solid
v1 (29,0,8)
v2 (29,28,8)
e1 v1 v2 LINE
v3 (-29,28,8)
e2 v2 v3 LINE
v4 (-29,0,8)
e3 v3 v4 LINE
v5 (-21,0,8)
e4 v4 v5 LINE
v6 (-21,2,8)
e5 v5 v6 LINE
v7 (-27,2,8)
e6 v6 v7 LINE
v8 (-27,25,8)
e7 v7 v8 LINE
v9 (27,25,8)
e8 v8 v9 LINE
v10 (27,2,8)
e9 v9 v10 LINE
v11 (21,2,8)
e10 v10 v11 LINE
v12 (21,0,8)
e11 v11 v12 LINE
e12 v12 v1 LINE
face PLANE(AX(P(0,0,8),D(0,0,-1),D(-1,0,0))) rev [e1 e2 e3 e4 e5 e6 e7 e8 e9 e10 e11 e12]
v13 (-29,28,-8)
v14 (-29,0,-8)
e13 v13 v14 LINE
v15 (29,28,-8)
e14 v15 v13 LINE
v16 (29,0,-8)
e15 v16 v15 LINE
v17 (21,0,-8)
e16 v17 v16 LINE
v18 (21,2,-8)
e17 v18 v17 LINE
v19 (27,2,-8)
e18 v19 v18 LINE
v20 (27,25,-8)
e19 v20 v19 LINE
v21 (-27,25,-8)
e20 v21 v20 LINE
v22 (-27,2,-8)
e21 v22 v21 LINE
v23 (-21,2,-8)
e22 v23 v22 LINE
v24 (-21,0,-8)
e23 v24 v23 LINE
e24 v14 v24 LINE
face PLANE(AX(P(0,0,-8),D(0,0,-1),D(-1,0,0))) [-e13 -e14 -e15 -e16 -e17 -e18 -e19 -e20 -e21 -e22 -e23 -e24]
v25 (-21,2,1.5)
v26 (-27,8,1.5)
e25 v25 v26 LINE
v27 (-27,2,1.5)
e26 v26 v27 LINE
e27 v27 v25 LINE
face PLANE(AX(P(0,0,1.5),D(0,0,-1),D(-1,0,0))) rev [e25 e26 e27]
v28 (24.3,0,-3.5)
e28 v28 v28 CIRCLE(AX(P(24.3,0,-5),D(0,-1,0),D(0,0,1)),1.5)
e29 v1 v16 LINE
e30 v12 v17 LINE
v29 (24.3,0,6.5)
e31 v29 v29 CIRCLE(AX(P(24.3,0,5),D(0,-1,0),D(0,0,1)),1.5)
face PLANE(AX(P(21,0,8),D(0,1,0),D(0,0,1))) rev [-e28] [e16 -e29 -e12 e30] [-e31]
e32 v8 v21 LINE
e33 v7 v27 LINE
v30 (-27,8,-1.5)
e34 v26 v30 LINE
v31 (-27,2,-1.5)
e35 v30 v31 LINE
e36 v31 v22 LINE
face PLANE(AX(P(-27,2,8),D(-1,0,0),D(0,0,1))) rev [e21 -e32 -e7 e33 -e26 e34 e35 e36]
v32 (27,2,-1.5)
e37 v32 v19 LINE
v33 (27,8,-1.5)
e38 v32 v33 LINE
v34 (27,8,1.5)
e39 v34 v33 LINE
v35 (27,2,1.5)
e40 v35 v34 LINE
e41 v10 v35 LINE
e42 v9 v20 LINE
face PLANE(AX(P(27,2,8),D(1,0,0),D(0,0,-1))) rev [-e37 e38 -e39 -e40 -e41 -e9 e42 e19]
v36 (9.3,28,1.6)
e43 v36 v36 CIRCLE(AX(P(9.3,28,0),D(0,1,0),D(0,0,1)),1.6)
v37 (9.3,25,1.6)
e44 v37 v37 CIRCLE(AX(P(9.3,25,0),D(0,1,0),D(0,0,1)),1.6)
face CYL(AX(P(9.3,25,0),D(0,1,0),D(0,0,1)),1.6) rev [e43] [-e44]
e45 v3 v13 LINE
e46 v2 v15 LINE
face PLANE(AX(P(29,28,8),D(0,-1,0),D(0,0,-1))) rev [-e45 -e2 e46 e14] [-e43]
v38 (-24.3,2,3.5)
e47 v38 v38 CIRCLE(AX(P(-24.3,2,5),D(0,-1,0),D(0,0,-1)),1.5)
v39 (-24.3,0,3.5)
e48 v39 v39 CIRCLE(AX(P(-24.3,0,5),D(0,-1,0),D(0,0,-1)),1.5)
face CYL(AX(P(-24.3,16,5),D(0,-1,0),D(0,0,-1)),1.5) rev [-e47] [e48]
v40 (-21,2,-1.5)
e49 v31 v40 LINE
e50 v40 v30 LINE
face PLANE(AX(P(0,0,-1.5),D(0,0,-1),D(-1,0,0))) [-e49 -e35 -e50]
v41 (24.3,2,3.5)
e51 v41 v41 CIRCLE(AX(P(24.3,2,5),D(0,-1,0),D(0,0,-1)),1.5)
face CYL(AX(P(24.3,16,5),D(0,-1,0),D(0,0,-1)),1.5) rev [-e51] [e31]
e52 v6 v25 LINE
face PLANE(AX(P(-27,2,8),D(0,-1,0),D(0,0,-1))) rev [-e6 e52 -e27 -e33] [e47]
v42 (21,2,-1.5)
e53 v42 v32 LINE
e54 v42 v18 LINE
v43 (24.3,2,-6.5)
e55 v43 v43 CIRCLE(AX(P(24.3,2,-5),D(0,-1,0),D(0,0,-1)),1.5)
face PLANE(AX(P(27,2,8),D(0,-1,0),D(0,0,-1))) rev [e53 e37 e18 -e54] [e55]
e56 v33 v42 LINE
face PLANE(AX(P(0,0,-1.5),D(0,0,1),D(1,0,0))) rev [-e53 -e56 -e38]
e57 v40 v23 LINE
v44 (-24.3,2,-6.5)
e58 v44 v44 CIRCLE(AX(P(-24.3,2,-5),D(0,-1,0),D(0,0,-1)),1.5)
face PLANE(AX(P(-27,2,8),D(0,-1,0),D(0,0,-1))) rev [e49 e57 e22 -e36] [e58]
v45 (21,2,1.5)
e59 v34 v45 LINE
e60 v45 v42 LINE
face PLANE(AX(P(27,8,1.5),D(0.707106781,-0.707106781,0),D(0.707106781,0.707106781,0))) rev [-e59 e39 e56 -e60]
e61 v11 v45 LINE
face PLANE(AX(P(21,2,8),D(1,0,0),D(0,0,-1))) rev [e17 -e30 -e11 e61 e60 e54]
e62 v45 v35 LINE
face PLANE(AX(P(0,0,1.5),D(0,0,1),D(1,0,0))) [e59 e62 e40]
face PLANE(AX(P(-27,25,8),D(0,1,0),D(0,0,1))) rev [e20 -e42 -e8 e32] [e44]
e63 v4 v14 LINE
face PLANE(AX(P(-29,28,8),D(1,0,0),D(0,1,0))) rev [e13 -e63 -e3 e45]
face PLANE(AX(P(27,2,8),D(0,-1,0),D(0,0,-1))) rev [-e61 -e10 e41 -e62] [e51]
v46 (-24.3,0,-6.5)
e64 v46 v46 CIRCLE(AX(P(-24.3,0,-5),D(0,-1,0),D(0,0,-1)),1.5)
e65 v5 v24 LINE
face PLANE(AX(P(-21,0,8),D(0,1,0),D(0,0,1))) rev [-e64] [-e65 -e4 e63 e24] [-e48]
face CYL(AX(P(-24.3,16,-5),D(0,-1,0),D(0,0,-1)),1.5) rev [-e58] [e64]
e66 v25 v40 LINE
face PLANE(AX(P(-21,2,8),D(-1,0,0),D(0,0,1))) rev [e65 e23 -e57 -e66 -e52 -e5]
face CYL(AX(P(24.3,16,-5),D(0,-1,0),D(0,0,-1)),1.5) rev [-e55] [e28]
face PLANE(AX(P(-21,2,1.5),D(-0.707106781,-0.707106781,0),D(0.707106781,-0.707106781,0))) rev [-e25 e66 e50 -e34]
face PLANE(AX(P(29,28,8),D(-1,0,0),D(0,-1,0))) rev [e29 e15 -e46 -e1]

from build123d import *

# Parameters (mm, degrees)
RESSALTO_EXTRUS_O1_DEPTH = 8
ESBO_O2_R                = 1.5
CORTE_EXTRUS_O1_DEPTH    = 16
RESSALTO_EXTRUS_O3_DEPTH = 1.5
ESBO_O6_R                = 1.6
CORTE_EXTRUS_O2_DEPTH    = 3


with BuildPart() as part:
    # Esboço1 → Ressalto-extrusão1 (new, symmetric)
    with BuildSketch(Plane.XY):
        Polygon((-21, 0), (-29, 0), (-29, 28), (29, 28), (29, 0), (21, 0), (21, 2), (27, 2), (27, 25), (-27, 25), (-27, 2), (-21, 2), align=None)
    extrude(amount=RESSALTO_EXTRUS_O1_DEPTH, both=True)

    # Esboço2 → Corte-extrusão1 (cut)
    with BuildSketch(Plane.XZ):
        with Locations(Location((-24.3, -5, 0), (0, 0, 270))):
            Circle(ESBO_O2_R)
        with Locations(Location((-24.3, 5, 0), (0, 0, 270))):
            Circle(ESBO_O2_R)
        with Locations(Location((24.3, 5, 0), (0, 0, 270))):
            Circle(ESBO_O2_R)
        with Locations(Location((24.3, -5, 0), (0, 0, 270))):
            Circle(ESBO_O2_R)
    extrude(amount=-CORTE_EXTRUS_O1_DEPTH, mode=Mode.SUBTRACT)

    # Esboço4 → Ressalto-extrusão3 (add, symmetric)
    with BuildSketch(Plane.XY):
        Polygon((-21, 2), (-27, 8), (-27, 2), align=None)
        Polygon((21, 2), (27, 2), (27, 8), align=None)
    extrude(amount=RESSALTO_EXTRUS_O3_DEPTH, both=True)

    # Esboço6 → Corte-extrusão2 (cut)
    with BuildSketch(Plane(origin=(0, 28, 0), x_dir=(1, 0, 0), z_dir=(0, 1, 0))):
        with Locations(Location((9.3, 0, 0), (0, 0, 270))):
            Circle(ESBO_O6_R)
    extrude(amount=-CORTE_EXTRUS_O2_DEPTH, mode=Mode.SUBTRACT)


solid = part.part
